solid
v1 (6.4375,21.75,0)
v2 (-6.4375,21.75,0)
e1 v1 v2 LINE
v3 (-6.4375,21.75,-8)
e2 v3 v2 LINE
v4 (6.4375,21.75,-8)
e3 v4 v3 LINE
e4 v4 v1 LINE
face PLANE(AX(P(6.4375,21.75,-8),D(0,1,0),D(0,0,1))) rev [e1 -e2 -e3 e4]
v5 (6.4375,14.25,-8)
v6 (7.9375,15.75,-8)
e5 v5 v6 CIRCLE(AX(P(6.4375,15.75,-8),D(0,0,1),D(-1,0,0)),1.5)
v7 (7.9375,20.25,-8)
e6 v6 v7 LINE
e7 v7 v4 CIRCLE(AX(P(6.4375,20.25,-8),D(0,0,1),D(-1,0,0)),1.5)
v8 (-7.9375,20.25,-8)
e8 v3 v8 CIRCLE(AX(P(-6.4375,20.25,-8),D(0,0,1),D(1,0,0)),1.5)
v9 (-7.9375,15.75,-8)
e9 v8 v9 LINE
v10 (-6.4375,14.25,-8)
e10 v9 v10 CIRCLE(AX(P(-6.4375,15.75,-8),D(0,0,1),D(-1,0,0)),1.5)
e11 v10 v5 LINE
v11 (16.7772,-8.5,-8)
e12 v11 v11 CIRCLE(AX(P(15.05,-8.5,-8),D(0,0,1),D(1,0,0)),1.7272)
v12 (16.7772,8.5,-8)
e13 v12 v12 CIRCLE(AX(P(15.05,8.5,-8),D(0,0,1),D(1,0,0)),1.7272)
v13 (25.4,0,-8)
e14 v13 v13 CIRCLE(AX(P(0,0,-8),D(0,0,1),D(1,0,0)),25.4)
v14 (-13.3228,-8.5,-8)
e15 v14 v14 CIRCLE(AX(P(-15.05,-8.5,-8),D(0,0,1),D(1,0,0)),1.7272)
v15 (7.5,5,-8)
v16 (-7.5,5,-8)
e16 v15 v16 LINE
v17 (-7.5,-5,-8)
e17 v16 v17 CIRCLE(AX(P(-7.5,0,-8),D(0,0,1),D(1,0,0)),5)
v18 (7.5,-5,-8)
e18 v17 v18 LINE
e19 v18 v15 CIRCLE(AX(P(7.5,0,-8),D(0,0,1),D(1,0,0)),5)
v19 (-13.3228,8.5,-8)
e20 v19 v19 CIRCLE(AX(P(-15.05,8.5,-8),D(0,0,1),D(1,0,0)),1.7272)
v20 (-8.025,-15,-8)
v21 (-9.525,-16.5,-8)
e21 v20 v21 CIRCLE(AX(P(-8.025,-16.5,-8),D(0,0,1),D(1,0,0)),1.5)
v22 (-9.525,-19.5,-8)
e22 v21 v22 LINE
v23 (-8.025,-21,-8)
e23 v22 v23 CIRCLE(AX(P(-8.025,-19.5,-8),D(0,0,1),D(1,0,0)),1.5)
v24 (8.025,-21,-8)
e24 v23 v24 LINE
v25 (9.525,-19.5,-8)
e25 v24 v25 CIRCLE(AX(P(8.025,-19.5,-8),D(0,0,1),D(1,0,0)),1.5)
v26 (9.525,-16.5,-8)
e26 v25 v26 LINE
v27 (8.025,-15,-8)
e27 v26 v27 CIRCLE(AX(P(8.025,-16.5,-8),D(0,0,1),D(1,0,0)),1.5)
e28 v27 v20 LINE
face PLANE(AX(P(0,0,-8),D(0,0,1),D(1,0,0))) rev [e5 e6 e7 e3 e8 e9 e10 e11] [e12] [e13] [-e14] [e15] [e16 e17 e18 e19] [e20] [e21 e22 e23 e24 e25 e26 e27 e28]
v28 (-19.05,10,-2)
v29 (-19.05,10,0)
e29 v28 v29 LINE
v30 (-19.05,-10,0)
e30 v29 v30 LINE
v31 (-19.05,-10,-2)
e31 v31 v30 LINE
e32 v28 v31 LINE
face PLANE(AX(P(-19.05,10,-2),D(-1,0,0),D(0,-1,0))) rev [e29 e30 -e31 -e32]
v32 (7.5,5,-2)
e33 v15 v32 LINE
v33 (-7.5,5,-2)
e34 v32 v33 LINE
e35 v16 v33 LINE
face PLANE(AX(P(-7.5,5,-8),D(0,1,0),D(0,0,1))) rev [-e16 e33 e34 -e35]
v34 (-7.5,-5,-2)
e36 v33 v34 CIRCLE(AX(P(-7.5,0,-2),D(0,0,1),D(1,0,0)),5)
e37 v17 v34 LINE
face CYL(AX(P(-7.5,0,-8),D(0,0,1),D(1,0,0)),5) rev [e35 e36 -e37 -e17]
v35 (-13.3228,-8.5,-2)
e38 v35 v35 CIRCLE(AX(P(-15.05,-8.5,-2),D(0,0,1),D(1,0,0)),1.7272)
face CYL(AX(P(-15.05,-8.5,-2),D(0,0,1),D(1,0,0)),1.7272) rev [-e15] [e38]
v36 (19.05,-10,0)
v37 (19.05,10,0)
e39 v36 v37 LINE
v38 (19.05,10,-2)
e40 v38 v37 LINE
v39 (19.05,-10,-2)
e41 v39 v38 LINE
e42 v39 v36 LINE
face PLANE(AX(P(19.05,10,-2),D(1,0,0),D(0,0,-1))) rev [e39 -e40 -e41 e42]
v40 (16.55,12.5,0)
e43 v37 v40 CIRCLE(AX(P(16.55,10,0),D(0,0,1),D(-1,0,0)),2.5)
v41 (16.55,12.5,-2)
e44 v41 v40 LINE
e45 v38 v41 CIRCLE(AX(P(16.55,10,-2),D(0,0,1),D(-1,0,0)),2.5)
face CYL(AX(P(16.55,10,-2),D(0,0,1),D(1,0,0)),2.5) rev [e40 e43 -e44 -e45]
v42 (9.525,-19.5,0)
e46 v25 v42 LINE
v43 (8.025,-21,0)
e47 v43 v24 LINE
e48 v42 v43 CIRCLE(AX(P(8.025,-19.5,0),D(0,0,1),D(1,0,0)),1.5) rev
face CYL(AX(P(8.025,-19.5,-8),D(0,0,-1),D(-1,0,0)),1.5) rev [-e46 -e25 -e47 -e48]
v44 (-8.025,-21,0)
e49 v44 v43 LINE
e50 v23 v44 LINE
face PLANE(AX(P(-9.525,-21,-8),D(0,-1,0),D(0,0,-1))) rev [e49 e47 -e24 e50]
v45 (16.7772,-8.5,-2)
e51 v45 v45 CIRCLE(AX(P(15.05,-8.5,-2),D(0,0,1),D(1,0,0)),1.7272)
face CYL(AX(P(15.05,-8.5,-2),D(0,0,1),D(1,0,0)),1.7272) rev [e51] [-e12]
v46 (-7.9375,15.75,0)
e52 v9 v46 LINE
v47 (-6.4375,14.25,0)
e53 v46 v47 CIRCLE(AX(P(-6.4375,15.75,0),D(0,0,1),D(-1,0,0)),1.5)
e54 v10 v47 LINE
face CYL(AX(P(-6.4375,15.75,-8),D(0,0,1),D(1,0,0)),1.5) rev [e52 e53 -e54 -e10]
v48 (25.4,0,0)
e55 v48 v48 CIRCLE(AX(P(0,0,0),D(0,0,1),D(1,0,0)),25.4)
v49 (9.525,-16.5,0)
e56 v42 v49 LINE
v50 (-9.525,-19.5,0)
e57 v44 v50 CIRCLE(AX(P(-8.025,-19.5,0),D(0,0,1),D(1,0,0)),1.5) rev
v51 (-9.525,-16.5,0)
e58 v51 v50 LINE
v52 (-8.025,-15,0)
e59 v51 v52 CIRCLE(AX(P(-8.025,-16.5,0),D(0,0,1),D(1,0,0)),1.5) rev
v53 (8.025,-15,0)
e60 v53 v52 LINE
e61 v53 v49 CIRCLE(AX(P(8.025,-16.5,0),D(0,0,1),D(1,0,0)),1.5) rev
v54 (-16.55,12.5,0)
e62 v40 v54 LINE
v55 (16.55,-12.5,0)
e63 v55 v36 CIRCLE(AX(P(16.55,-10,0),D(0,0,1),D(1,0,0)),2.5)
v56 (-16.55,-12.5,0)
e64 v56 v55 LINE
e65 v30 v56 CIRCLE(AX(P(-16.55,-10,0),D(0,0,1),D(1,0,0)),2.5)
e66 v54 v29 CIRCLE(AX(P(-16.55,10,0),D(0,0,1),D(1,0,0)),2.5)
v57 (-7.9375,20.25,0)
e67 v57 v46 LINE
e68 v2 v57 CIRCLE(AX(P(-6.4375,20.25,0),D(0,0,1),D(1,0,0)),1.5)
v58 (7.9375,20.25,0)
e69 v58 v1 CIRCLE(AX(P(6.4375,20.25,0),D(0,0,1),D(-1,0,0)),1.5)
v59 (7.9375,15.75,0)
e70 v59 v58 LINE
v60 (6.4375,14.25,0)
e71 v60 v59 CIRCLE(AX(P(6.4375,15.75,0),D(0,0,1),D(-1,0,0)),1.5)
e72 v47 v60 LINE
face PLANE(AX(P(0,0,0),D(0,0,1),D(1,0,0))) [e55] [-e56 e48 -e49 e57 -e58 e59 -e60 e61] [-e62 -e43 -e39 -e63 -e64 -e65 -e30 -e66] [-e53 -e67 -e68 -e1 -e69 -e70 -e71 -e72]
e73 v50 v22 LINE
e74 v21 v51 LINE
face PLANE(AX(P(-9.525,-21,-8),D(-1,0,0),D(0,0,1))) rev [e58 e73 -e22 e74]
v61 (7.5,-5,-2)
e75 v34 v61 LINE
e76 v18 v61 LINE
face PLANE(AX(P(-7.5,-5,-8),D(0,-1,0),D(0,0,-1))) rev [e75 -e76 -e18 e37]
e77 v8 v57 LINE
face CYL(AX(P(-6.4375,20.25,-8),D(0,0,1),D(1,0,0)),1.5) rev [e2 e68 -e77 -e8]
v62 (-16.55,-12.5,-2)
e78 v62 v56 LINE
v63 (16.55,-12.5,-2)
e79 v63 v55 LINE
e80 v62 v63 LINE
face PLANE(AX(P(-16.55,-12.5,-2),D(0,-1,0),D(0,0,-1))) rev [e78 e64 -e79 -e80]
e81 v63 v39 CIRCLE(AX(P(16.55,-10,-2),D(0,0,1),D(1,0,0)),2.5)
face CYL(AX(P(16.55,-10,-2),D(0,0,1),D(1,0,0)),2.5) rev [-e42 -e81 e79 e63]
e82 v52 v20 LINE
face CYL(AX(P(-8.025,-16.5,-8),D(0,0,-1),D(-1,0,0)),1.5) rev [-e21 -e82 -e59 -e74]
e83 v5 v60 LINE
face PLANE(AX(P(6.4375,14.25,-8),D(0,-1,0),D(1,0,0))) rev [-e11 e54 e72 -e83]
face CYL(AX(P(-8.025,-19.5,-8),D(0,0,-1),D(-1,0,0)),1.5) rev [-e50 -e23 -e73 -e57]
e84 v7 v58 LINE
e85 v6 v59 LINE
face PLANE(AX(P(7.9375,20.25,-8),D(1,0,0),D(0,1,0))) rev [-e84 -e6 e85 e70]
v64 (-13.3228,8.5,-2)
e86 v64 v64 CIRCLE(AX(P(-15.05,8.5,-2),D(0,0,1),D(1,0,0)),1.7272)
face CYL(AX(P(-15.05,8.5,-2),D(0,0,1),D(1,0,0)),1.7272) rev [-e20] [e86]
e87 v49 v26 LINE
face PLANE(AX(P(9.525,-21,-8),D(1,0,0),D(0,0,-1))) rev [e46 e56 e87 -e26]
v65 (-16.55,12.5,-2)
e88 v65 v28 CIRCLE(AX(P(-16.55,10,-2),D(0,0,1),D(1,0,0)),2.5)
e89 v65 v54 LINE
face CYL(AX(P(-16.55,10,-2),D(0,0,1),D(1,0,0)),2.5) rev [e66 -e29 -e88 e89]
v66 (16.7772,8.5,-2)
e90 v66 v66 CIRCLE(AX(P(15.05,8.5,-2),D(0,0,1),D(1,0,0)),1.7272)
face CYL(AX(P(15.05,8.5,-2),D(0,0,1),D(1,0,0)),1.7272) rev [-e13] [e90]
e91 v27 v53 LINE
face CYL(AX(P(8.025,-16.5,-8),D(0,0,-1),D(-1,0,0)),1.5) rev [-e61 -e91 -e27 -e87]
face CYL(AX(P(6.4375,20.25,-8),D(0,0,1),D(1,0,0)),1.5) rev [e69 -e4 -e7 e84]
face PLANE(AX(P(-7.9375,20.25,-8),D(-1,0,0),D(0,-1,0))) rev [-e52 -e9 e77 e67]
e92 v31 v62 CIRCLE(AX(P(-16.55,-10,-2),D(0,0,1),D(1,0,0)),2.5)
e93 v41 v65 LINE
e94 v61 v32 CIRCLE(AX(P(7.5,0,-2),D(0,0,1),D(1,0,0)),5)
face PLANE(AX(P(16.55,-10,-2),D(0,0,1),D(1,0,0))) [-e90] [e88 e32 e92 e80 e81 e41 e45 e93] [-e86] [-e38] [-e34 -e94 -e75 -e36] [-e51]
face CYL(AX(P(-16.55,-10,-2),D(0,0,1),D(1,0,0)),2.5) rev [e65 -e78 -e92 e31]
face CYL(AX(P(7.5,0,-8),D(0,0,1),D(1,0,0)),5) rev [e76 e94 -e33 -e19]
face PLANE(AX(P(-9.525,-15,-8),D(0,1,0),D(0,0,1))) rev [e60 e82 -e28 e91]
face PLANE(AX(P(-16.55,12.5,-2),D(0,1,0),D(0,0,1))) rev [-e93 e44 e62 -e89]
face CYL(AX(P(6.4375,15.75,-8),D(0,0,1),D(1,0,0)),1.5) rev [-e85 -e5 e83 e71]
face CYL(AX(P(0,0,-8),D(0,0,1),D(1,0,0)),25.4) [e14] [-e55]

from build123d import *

# Parameters (mm, degrees)
SKETCH1_R             = 25.4
BOSS_EXTRUDE1_DEPTH   = 8
CUT_EXTRUDE1_DEPTH    = 2
CUT_EXTRUDE2_DEPTH    = 37.418676527
F_8_32_TAPPED_HOLE1_D = 3.4544
CUT_EXTRUDE3_DEPTH    = 37.80108694
SKETCH7_W             = 19.05
SKETCH7_H             = 6
CUT_EXTRUDE4_DEPTH    = 37.80108694
FILLET1_R             = 1.5


with BuildPart() as part:
    # Sketch1 → Boss-Extrude1 (new body)
    with BuildSketch(Plane.XY):
        Circle(SKETCH1_R)
    extrude(amount=-BOSS_EXTRUDE1_DEPTH)

    # Sketch2 → Cut-Extrude1 (cut)
    with BuildSketch(Plane.XY):
        with BuildLine():
            Line((-16.55, 12.5), (16.55, 12.5))
            ThreePointArc((16.55, 12.5), (18.317766953, 11.767766953), (19.05, 10))
            Line((19.05, 10), (19.05, -10))
            ThreePointArc((19.05, -10), (18.317766953, -11.767766953), (16.55, -12.5))
            Line((16.55, -12.5), (-16.55, -12.5))
            ThreePointArc((-16.55, -12.5), (-18.317766953, -11.767766953), (-19.05, -10))
            Line((-19.05, -10), (-19.05, 10))
            ThreePointArc((-19.05, 10), (-18.317766953, 11.767766953), (-16.55, 12.5))
        make_face()
    extrude(amount=-CUT_EXTRUDE1_DEPTH, mode=Mode.SUBTRACT)

    # Sketch3 → Cut-Extrude2 (cut, through all)
    with BuildSketch(Plane.XY.offset(-2)):
        with BuildLine():
            Line((-7.5, 5), (7.5, 5))
            ThreePointArc((7.5, 5), (12.5, 0), (7.5, -5))
            Line((7.5, -5), (-7.5, -5))
            ThreePointArc((-7.5, -5), (-12.5, 0), (-7.5, 5))
        make_face()
    extrude(amount=-CUT_EXTRUDE2_DEPTH, mode=Mode.SUBTRACT)

    # #8-32 Tapped Hole1 (through all)
    with Locations(Plane.XY.offset(-2)):
        with Locations((15.05, 8.5), (-15.05, 8.5), (-15.05, -8.5), (15.05, -8.5)):
            Hole(F_8_32_TAPPED_HOLE1_D / 2)

    # Sketch6 → Cut-Extrude3 (cut, through all)
    with BuildSketch(Plane.XY):
        with BuildLine():
            Line((6.4375, 21.75), (-6.4375, 21.75))
            ThreePointArc((-6.4375, 21.75), (-7.498160172, 21.310660172), (-7.9375, 20.25))
            Line((-7.9375, 20.25), (-7.9375, 15.75))
            ThreePointArc((-7.9375, 15.75), (-7.498160172, 14.689339828), (-6.4375, 14.25))
            Line((-6.4375, 14.25), (6.4375, 14.25))
            ThreePointArc((6.4375, 14.25), (7.498160172, 14.689339828), (7.9375, 15.75))
            Line((7.9375, 15.75), (7.9375, 20.25))
            ThreePointArc((7.9375, 20.25), (7.498160172, 21.310660172), (6.4375, 21.75))
        make_face()
    extrude(amount=-CUT_EXTRUDE3_DEPTH, mode=Mode.SUBTRACT)

    # Sketch7 → Cut-Extrude4 (cut, through all)
    with BuildSketch(Plane.XY):
        with Locations((0, -18)):
            Rectangle(SKETCH7_W, SKETCH7_H)
    extrude(amount=-CUT_EXTRUDE4_DEPTH, mode=Mode.SUBTRACT)

    # Fillet1
    fillet1_edges = [part.edges().sort_by_distance(p)[0] for p in [
        (9.525, -15, -4),
        (9.525, -21, -4),
        (-9.525, -21, -4),
        (-9.525, -15, -4),
    ]]
    fillet(fillet1_edges, radius=FILLET1_R)


solid = part.part
